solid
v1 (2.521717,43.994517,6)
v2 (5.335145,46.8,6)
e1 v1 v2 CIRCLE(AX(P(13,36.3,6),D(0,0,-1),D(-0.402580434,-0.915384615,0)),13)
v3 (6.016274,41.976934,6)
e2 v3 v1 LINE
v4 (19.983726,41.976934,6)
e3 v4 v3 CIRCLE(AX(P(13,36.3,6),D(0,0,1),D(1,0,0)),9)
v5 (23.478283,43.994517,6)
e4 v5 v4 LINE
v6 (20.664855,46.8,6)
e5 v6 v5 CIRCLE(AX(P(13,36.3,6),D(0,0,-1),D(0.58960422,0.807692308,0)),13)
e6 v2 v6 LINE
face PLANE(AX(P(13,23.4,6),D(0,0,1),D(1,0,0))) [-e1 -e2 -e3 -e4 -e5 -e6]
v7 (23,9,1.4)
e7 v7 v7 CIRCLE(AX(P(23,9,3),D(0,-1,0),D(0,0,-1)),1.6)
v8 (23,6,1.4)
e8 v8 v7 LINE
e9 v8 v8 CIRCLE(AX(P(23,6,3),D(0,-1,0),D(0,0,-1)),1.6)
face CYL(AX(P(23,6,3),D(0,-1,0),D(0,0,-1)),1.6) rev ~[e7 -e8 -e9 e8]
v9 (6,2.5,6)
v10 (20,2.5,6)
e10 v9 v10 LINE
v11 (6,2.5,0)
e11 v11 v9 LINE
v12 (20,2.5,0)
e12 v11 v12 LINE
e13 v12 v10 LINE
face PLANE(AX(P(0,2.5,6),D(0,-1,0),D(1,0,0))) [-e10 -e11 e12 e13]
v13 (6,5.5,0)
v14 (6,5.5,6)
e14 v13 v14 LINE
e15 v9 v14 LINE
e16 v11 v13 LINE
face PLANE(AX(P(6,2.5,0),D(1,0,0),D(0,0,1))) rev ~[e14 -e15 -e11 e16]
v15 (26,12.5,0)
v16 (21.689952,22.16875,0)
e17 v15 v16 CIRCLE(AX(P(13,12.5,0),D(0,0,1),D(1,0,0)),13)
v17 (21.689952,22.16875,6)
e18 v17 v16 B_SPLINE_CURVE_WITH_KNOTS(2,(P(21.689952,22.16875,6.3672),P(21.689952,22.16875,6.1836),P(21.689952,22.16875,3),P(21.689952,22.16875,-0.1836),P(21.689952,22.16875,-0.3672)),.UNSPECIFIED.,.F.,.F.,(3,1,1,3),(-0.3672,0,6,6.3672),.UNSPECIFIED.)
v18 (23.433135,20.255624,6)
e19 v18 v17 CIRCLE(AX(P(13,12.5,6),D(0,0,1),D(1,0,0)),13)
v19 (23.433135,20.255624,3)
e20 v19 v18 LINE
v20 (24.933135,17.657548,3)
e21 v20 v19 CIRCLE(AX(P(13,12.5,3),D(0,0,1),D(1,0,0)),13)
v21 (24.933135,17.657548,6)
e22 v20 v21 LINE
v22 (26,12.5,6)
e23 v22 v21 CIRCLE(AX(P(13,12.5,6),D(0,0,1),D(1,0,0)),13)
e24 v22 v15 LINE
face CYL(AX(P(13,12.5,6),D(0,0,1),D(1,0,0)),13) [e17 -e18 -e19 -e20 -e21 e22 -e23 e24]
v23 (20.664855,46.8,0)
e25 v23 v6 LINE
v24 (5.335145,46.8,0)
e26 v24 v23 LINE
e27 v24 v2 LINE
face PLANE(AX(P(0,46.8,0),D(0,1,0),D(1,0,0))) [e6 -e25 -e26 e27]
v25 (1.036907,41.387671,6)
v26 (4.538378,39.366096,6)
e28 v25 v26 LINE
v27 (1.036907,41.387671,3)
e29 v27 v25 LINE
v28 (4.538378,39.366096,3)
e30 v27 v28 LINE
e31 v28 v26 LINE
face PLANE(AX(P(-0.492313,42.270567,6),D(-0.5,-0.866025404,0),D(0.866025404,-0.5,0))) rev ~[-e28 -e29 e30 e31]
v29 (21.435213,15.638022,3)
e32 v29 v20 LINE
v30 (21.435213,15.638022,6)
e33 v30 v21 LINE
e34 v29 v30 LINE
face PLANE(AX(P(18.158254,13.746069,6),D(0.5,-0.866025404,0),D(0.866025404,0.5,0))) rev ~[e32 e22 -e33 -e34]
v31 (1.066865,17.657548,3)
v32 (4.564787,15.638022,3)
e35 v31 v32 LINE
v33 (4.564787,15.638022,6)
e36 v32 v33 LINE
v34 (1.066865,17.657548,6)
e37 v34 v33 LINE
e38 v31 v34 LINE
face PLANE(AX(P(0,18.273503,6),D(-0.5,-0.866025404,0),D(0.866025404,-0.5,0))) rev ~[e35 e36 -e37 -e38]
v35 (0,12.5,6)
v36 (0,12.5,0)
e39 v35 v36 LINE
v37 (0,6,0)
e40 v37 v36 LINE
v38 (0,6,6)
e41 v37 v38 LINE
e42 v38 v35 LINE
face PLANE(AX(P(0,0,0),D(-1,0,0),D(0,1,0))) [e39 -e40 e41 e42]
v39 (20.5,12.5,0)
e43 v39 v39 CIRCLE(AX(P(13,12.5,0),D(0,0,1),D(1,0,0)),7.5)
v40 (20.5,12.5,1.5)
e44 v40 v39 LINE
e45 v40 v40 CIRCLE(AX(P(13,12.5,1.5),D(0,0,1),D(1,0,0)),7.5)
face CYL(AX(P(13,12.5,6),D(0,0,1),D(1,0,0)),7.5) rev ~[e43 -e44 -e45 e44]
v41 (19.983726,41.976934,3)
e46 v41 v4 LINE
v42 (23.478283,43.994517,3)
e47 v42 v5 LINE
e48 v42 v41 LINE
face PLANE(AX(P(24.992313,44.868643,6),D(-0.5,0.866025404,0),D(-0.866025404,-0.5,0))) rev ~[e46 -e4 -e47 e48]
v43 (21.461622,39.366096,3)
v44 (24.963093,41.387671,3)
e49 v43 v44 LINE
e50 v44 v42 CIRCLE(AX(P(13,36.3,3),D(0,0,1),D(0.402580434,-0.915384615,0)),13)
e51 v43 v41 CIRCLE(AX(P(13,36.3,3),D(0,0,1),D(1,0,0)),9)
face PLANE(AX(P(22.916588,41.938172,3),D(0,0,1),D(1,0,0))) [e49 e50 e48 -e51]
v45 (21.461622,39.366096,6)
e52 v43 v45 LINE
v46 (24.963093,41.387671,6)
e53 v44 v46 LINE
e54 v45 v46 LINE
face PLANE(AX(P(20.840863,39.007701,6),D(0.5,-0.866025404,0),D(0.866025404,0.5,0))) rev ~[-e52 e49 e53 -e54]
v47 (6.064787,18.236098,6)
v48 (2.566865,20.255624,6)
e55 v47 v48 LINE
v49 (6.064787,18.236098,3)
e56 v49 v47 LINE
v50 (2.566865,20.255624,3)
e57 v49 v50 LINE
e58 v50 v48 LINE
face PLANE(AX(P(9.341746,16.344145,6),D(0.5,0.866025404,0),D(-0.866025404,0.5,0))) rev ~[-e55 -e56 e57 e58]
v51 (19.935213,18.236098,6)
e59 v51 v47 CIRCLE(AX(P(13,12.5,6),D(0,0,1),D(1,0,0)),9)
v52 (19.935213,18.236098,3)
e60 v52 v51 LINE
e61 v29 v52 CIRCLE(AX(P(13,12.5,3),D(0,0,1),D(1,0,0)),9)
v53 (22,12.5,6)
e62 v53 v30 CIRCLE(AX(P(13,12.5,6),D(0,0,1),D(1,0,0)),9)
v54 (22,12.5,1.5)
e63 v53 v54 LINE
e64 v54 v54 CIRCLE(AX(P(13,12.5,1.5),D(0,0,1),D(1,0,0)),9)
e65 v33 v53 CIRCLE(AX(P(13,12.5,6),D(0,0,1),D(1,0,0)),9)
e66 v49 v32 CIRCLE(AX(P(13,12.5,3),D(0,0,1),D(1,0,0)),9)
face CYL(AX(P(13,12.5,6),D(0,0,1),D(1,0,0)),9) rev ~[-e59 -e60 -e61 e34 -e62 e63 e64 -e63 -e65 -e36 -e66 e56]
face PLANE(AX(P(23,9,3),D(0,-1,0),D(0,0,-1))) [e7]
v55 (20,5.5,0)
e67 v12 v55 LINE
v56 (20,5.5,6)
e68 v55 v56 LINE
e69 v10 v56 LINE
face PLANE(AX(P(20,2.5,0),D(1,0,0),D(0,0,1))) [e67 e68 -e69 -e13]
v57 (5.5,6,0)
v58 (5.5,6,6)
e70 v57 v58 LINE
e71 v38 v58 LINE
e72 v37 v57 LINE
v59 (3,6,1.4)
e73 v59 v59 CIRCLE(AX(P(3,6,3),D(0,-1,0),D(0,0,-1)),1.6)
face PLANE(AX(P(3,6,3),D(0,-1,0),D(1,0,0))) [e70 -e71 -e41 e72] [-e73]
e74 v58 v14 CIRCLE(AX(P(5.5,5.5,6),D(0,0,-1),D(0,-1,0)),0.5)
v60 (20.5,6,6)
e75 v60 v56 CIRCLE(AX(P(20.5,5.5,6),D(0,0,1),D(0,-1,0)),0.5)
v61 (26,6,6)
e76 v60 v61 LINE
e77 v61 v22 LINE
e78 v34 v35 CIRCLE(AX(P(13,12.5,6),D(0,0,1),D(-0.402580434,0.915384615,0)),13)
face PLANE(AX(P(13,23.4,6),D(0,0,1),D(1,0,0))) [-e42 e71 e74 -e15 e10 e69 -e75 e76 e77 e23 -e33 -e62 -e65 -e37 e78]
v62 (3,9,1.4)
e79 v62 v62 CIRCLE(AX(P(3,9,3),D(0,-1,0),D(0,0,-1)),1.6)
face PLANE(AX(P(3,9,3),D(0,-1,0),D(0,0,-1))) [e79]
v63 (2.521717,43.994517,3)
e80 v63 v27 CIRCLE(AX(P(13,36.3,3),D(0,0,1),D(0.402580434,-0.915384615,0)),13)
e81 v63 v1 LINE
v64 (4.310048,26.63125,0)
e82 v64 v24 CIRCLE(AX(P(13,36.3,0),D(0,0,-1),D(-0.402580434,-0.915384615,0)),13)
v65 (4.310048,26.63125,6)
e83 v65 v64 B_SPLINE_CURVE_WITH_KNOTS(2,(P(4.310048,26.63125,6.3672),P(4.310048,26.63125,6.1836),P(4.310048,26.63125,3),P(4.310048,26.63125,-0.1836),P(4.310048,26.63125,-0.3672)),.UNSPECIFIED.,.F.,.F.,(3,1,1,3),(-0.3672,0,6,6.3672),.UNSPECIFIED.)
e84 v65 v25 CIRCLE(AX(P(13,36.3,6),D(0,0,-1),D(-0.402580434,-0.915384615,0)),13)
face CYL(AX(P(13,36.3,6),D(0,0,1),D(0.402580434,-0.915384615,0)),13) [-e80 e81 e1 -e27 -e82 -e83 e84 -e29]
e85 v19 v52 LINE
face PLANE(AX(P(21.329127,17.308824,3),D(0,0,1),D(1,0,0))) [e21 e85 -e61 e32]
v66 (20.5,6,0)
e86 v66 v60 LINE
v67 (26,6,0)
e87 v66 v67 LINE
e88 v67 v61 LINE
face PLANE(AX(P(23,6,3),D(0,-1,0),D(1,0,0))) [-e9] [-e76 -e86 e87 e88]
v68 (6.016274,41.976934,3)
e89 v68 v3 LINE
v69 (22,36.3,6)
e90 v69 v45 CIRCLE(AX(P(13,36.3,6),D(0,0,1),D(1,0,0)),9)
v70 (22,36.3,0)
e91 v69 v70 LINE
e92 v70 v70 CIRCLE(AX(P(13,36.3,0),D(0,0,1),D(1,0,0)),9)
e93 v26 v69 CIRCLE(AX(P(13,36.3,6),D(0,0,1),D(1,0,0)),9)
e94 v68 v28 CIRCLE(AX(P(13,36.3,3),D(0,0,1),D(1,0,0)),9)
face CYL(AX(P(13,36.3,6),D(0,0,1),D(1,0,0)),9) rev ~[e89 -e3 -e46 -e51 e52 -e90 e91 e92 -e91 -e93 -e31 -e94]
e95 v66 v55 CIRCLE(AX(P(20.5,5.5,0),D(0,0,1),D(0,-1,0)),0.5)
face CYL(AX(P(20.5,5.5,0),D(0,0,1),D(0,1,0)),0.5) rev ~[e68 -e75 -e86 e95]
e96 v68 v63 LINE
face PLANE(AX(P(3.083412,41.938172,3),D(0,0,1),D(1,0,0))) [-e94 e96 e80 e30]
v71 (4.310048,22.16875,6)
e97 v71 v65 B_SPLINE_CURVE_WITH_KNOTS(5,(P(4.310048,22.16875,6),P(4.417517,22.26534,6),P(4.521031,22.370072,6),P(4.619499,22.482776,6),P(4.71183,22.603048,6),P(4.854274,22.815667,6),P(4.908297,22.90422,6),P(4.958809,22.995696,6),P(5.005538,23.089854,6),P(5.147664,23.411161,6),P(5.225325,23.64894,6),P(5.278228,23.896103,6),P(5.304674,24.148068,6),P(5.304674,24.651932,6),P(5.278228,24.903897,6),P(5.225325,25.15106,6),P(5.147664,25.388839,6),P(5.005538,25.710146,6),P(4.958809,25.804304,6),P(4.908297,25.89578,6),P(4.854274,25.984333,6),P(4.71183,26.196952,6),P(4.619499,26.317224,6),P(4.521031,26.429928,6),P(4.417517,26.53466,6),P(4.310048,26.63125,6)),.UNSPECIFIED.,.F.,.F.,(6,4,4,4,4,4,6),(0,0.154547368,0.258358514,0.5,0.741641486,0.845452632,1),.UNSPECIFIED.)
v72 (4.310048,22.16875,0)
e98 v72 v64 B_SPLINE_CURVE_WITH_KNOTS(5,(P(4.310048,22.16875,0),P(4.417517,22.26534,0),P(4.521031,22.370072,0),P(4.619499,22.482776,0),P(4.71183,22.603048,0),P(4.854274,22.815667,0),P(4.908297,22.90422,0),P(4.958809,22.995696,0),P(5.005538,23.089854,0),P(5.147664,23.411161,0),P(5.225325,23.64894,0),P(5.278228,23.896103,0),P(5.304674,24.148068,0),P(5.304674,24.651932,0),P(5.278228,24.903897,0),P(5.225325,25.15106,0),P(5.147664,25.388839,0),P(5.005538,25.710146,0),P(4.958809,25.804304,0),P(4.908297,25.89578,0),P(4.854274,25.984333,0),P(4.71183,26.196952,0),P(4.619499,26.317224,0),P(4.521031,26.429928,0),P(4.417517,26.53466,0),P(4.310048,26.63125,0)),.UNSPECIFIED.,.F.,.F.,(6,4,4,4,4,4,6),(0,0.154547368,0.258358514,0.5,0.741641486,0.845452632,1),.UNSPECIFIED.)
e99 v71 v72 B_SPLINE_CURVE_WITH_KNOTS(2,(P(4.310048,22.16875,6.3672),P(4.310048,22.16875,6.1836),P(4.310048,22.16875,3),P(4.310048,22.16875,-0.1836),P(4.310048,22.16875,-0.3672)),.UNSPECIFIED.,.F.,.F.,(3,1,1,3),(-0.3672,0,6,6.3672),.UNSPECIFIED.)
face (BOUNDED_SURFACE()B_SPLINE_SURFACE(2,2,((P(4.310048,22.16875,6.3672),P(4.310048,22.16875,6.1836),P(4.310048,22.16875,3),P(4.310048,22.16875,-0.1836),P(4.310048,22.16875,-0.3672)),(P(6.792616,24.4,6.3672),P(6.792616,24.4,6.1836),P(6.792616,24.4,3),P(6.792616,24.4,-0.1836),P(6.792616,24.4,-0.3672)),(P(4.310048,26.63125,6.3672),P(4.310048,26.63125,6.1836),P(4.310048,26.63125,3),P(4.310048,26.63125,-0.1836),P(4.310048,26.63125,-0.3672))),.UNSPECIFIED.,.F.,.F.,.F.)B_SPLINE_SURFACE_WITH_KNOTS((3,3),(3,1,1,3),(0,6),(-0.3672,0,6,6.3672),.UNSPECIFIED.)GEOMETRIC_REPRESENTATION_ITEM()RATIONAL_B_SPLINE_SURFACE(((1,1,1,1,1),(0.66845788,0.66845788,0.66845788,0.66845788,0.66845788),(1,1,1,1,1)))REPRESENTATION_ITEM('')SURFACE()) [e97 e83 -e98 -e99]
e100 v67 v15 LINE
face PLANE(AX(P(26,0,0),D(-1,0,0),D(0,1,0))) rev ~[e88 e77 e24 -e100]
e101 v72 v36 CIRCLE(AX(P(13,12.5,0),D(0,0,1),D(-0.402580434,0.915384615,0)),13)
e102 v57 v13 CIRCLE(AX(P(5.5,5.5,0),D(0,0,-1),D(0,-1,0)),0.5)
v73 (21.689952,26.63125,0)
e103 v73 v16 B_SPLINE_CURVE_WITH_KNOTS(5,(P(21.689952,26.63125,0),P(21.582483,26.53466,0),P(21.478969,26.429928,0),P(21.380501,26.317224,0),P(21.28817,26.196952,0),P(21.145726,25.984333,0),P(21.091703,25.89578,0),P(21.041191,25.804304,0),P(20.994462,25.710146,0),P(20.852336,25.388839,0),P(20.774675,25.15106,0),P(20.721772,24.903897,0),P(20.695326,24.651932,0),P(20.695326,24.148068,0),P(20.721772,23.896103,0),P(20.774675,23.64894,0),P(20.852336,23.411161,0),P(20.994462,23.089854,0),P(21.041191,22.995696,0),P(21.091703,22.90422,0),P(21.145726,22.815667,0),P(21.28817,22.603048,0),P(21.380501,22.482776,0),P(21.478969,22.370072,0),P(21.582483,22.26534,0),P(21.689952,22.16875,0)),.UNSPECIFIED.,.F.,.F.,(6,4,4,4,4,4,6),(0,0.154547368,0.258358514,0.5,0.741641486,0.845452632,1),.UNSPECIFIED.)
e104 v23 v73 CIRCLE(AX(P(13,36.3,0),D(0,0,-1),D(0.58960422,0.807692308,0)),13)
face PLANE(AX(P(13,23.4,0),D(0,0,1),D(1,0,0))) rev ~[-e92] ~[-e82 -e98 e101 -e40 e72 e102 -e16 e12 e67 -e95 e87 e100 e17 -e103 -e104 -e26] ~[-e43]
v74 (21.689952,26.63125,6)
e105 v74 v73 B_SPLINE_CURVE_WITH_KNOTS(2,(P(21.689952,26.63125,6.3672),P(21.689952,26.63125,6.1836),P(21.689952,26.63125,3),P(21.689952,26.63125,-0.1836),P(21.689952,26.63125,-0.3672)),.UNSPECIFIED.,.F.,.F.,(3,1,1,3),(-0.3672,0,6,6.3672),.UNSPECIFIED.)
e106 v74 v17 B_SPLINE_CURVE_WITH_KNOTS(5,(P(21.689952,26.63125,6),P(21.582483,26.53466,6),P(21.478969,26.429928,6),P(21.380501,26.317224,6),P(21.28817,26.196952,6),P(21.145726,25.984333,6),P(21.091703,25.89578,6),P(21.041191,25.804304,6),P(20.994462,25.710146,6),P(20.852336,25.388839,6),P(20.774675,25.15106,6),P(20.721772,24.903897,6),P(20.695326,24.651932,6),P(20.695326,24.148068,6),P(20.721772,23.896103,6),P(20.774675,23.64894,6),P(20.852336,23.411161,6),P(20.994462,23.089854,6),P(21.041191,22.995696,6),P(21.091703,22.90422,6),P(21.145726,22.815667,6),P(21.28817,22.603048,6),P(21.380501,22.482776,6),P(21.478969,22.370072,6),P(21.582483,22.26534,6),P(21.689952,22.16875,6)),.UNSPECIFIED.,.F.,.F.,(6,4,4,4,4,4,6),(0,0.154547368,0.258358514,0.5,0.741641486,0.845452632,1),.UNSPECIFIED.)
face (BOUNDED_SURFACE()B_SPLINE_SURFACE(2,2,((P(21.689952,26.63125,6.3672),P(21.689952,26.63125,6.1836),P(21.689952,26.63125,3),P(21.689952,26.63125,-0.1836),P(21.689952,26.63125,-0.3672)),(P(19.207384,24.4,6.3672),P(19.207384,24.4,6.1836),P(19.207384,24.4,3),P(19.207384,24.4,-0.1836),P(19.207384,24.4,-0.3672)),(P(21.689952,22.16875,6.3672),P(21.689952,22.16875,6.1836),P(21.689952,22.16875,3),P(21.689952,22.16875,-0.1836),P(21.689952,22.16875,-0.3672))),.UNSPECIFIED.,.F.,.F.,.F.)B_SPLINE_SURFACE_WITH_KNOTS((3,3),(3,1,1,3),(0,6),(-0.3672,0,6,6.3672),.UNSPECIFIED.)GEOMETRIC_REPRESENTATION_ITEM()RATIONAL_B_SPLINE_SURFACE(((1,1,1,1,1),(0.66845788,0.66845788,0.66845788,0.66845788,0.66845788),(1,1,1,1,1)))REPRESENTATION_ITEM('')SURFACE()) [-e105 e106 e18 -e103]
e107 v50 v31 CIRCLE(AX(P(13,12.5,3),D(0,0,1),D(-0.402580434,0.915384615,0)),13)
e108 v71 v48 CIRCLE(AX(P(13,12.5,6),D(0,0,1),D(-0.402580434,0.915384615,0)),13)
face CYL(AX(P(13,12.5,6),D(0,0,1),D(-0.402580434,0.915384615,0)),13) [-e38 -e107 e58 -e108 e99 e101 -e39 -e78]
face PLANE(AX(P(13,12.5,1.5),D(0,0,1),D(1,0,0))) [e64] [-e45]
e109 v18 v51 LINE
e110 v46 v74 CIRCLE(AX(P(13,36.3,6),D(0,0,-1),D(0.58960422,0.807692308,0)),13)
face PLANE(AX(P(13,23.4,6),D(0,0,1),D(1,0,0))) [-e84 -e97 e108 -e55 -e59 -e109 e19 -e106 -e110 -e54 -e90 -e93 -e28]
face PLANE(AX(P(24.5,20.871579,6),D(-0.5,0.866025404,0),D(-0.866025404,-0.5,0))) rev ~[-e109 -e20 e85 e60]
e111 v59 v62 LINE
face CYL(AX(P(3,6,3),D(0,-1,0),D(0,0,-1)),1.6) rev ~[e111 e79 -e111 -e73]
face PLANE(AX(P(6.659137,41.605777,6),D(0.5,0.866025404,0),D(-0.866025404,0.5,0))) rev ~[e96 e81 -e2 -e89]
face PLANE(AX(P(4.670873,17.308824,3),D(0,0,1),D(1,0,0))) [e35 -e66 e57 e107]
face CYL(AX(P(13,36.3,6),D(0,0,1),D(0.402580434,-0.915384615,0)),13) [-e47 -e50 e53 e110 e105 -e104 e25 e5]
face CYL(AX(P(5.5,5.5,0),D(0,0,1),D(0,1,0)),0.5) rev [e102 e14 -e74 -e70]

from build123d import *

# Parameters (mm, degrees)
SKETCH_1_W          = 26
SKETCH_1_H          = 46.8
EXTRUDE_1_DEPTH     = 6
SKETCH_2_R          = 9
SKETCH_2_R_2        = 7.5
CUT_EXTRUDE_1_DEPTH = 54.872441935
SKETCH_3_W          = 26
SKETCH_3_H          = 2.5
CUT_EXTRUDE_2_DEPTH = 54.872441935
CHAMFER_1_SIZE      = 5
SKETCH_4_W          = 6
SKETCH_4_H          = 6
CUT_EXTRUDE_3_DEPTH = 3.5
SKETCH_5_R          = 1.6
CUT_EXTRUDE_4_DEPTH = 3
FILLET_1_R          = 0.5
SKETCH_6_OUTSIDE_W  = 38.344
SKETCH_6_OUTSIDE_H  = 56.644
CUT_EXTRUDE_5_DEPTH = 54.872441935
FILLET_2_R          = 3
SKETCH_7_R          = 9
CUT_EXTRUDE_6_DEPTH = 4.5
CUT_EXTRUDE_7_DEPTH = 3


with BuildPart() as part:
    # 草图1 → 凸台-拉伸1 (new body)
    with BuildSketch(Plane.XY):
        with Locations((13, 23.4)):
            Rectangle(SKETCH_1_W, SKETCH_1_H)
    extrude(amount=EXTRUDE_1_DEPTH)

    # 草图2 → 切除-拉伸1 (cut, through all)
    with BuildSketch(Plane.XY.offset(6)):
        with Locations((13, 36.3)):
            Circle(SKETCH_2_R)
        with Locations((13, 12.5)):
            Circle(SKETCH_2_R_2)
    extrude(amount=-CUT_EXTRUDE_1_DEPTH, mode=Mode.SUBTRACT)

    # 草图3 → 切除-拉伸2 (cut, through all)
    with BuildSketch(Plane.XY.offset(6)):
        with Locations((13, 1.25)):
            Rectangle(SKETCH_3_W, SKETCH_3_H)
    extrude(amount=-CUT_EXTRUDE_2_DEPTH, mode=Mode.SUBTRACT)

    # 倒角1
    chamfer_1_edges = [part.edges().sort_by_distance(p)[0] for p in [
        (0, 46.8, 3),
        (26, 46.8, 3),
    ]]
    chamfer(chamfer_1_edges, length=CHAMFER_1_SIZE)

    # 草图4 → 切除-拉伸3 (cut)
    with BuildSketch(Plane.XZ.offset(-2.5)):
        with Locations((3, 3)):
            Rectangle(SKETCH_4_W, SKETCH_4_H)
        with Locations((23, 3)):
            Rectangle(SKETCH_4_W, SKETCH_4_H)
    extrude(amount=-CUT_EXTRUDE_3_DEPTH, mode=Mode.SUBTRACT)

    # 草图5 → 切除-拉伸4 (cut)
    with BuildSketch(Plane.XZ.offset(-6)):
        with Locations(Location((3, 3, 0), (0, 0, 270))):
            Circle(SKETCH_5_R)
        with Locations(Location((23, 3, 0), (0, 0, 270))):
            Circle(SKETCH_5_R)
    extrude(amount=-CUT_EXTRUDE_4_DEPTH, mode=Mode.SUBTRACT)

    # 圆角1
    fillet_1_edges = [part.edges().sort_by_distance(p)[0] for p in [
        (6, 6, 3),
        (20, 6, 3),
    ]]
    fillet(fillet_1_edges, radius=FILLET_1_R)

    # 草图6 outside → 切除-拉伸5 (cut, through all)
    with BuildSketch(Plane.XY.offset(6)):
        with Locations((13, 24.65)):
            Rectangle(SKETCH_6_OUTSIDE_W, SKETCH_6_OUTSIDE_H)
        with BuildLine():
            Line((0, 12.5), (0, 6))
            Line((0, 6), (0, 0))
            Line((0, 0), (26, 0))
            Line((26, 0), (26, 6))
            Line((26, 6), (26, 12.5))
            ThreePointArc((26, 12.5), (23.886599408, 19.605065328), (18.233545643, 24.4))
            ThreePointArc((18.233545643, 24.4), (13, 49.3), (7.766454357, 24.4))
            ThreePointArc((7.766454357, 24.4), (2.113400592, 19.605065328), (0, 12.5))
        make_face(mode=Mode.SUBTRACT)
    extrude(amount=-CUT_EXTRUDE_5_DEPTH, mode=Mode.SUBTRACT)

    # 圆角2
    fillet_2_edges = [part.edges().sort_by_distance(p)[0] for p in [
        (18.233545643, 24.4, 3),
        (7.766454357, 24.4, 3),
    ]]
    fillet(fillet_2_edges, radius=FILLET_2_R)

    # 草图7 → 切除-拉伸6 (cut)
    with BuildSketch(Plane.XY.offset(6)):
        with Locations((13, 12.5)):
            Circle(SKETCH_7_R)
    extrude(amount=-CUT_EXTRUDE_6_DEPTH, mode=Mode.SUBTRACT)

    # 草图8 → 切除-拉伸7 (cut)
    with BuildSketch(Plane.XY.offset(6)):
        Polygon((5.159136754, 39.007700761), (6.659136754, 41.605776972), (1.007687062, 44.868642973), (-0.492312938, 42.270566762), align=None)
        Polygon((7.841745639, 13.746068736), (9.341745639, 16.344144947), (1.5, 20.871578903), (0, 18.273502692), align=None)
        Polygon((24.5, 20.871578903), (16.658254361, 16.344144947), (18.158254361, 13.746068736), (26, 18.273502692), align=None)
        Polygon((24.992312938, 44.868642973), (19.340863246, 41.605776972), (20.840863246, 39.007700761), (26.492312938, 42.270566762), align=None)
    extrude(amount=-CUT_EXTRUDE_7_DEPTH, mode=Mode.SUBTRACT)


solid = part.part
